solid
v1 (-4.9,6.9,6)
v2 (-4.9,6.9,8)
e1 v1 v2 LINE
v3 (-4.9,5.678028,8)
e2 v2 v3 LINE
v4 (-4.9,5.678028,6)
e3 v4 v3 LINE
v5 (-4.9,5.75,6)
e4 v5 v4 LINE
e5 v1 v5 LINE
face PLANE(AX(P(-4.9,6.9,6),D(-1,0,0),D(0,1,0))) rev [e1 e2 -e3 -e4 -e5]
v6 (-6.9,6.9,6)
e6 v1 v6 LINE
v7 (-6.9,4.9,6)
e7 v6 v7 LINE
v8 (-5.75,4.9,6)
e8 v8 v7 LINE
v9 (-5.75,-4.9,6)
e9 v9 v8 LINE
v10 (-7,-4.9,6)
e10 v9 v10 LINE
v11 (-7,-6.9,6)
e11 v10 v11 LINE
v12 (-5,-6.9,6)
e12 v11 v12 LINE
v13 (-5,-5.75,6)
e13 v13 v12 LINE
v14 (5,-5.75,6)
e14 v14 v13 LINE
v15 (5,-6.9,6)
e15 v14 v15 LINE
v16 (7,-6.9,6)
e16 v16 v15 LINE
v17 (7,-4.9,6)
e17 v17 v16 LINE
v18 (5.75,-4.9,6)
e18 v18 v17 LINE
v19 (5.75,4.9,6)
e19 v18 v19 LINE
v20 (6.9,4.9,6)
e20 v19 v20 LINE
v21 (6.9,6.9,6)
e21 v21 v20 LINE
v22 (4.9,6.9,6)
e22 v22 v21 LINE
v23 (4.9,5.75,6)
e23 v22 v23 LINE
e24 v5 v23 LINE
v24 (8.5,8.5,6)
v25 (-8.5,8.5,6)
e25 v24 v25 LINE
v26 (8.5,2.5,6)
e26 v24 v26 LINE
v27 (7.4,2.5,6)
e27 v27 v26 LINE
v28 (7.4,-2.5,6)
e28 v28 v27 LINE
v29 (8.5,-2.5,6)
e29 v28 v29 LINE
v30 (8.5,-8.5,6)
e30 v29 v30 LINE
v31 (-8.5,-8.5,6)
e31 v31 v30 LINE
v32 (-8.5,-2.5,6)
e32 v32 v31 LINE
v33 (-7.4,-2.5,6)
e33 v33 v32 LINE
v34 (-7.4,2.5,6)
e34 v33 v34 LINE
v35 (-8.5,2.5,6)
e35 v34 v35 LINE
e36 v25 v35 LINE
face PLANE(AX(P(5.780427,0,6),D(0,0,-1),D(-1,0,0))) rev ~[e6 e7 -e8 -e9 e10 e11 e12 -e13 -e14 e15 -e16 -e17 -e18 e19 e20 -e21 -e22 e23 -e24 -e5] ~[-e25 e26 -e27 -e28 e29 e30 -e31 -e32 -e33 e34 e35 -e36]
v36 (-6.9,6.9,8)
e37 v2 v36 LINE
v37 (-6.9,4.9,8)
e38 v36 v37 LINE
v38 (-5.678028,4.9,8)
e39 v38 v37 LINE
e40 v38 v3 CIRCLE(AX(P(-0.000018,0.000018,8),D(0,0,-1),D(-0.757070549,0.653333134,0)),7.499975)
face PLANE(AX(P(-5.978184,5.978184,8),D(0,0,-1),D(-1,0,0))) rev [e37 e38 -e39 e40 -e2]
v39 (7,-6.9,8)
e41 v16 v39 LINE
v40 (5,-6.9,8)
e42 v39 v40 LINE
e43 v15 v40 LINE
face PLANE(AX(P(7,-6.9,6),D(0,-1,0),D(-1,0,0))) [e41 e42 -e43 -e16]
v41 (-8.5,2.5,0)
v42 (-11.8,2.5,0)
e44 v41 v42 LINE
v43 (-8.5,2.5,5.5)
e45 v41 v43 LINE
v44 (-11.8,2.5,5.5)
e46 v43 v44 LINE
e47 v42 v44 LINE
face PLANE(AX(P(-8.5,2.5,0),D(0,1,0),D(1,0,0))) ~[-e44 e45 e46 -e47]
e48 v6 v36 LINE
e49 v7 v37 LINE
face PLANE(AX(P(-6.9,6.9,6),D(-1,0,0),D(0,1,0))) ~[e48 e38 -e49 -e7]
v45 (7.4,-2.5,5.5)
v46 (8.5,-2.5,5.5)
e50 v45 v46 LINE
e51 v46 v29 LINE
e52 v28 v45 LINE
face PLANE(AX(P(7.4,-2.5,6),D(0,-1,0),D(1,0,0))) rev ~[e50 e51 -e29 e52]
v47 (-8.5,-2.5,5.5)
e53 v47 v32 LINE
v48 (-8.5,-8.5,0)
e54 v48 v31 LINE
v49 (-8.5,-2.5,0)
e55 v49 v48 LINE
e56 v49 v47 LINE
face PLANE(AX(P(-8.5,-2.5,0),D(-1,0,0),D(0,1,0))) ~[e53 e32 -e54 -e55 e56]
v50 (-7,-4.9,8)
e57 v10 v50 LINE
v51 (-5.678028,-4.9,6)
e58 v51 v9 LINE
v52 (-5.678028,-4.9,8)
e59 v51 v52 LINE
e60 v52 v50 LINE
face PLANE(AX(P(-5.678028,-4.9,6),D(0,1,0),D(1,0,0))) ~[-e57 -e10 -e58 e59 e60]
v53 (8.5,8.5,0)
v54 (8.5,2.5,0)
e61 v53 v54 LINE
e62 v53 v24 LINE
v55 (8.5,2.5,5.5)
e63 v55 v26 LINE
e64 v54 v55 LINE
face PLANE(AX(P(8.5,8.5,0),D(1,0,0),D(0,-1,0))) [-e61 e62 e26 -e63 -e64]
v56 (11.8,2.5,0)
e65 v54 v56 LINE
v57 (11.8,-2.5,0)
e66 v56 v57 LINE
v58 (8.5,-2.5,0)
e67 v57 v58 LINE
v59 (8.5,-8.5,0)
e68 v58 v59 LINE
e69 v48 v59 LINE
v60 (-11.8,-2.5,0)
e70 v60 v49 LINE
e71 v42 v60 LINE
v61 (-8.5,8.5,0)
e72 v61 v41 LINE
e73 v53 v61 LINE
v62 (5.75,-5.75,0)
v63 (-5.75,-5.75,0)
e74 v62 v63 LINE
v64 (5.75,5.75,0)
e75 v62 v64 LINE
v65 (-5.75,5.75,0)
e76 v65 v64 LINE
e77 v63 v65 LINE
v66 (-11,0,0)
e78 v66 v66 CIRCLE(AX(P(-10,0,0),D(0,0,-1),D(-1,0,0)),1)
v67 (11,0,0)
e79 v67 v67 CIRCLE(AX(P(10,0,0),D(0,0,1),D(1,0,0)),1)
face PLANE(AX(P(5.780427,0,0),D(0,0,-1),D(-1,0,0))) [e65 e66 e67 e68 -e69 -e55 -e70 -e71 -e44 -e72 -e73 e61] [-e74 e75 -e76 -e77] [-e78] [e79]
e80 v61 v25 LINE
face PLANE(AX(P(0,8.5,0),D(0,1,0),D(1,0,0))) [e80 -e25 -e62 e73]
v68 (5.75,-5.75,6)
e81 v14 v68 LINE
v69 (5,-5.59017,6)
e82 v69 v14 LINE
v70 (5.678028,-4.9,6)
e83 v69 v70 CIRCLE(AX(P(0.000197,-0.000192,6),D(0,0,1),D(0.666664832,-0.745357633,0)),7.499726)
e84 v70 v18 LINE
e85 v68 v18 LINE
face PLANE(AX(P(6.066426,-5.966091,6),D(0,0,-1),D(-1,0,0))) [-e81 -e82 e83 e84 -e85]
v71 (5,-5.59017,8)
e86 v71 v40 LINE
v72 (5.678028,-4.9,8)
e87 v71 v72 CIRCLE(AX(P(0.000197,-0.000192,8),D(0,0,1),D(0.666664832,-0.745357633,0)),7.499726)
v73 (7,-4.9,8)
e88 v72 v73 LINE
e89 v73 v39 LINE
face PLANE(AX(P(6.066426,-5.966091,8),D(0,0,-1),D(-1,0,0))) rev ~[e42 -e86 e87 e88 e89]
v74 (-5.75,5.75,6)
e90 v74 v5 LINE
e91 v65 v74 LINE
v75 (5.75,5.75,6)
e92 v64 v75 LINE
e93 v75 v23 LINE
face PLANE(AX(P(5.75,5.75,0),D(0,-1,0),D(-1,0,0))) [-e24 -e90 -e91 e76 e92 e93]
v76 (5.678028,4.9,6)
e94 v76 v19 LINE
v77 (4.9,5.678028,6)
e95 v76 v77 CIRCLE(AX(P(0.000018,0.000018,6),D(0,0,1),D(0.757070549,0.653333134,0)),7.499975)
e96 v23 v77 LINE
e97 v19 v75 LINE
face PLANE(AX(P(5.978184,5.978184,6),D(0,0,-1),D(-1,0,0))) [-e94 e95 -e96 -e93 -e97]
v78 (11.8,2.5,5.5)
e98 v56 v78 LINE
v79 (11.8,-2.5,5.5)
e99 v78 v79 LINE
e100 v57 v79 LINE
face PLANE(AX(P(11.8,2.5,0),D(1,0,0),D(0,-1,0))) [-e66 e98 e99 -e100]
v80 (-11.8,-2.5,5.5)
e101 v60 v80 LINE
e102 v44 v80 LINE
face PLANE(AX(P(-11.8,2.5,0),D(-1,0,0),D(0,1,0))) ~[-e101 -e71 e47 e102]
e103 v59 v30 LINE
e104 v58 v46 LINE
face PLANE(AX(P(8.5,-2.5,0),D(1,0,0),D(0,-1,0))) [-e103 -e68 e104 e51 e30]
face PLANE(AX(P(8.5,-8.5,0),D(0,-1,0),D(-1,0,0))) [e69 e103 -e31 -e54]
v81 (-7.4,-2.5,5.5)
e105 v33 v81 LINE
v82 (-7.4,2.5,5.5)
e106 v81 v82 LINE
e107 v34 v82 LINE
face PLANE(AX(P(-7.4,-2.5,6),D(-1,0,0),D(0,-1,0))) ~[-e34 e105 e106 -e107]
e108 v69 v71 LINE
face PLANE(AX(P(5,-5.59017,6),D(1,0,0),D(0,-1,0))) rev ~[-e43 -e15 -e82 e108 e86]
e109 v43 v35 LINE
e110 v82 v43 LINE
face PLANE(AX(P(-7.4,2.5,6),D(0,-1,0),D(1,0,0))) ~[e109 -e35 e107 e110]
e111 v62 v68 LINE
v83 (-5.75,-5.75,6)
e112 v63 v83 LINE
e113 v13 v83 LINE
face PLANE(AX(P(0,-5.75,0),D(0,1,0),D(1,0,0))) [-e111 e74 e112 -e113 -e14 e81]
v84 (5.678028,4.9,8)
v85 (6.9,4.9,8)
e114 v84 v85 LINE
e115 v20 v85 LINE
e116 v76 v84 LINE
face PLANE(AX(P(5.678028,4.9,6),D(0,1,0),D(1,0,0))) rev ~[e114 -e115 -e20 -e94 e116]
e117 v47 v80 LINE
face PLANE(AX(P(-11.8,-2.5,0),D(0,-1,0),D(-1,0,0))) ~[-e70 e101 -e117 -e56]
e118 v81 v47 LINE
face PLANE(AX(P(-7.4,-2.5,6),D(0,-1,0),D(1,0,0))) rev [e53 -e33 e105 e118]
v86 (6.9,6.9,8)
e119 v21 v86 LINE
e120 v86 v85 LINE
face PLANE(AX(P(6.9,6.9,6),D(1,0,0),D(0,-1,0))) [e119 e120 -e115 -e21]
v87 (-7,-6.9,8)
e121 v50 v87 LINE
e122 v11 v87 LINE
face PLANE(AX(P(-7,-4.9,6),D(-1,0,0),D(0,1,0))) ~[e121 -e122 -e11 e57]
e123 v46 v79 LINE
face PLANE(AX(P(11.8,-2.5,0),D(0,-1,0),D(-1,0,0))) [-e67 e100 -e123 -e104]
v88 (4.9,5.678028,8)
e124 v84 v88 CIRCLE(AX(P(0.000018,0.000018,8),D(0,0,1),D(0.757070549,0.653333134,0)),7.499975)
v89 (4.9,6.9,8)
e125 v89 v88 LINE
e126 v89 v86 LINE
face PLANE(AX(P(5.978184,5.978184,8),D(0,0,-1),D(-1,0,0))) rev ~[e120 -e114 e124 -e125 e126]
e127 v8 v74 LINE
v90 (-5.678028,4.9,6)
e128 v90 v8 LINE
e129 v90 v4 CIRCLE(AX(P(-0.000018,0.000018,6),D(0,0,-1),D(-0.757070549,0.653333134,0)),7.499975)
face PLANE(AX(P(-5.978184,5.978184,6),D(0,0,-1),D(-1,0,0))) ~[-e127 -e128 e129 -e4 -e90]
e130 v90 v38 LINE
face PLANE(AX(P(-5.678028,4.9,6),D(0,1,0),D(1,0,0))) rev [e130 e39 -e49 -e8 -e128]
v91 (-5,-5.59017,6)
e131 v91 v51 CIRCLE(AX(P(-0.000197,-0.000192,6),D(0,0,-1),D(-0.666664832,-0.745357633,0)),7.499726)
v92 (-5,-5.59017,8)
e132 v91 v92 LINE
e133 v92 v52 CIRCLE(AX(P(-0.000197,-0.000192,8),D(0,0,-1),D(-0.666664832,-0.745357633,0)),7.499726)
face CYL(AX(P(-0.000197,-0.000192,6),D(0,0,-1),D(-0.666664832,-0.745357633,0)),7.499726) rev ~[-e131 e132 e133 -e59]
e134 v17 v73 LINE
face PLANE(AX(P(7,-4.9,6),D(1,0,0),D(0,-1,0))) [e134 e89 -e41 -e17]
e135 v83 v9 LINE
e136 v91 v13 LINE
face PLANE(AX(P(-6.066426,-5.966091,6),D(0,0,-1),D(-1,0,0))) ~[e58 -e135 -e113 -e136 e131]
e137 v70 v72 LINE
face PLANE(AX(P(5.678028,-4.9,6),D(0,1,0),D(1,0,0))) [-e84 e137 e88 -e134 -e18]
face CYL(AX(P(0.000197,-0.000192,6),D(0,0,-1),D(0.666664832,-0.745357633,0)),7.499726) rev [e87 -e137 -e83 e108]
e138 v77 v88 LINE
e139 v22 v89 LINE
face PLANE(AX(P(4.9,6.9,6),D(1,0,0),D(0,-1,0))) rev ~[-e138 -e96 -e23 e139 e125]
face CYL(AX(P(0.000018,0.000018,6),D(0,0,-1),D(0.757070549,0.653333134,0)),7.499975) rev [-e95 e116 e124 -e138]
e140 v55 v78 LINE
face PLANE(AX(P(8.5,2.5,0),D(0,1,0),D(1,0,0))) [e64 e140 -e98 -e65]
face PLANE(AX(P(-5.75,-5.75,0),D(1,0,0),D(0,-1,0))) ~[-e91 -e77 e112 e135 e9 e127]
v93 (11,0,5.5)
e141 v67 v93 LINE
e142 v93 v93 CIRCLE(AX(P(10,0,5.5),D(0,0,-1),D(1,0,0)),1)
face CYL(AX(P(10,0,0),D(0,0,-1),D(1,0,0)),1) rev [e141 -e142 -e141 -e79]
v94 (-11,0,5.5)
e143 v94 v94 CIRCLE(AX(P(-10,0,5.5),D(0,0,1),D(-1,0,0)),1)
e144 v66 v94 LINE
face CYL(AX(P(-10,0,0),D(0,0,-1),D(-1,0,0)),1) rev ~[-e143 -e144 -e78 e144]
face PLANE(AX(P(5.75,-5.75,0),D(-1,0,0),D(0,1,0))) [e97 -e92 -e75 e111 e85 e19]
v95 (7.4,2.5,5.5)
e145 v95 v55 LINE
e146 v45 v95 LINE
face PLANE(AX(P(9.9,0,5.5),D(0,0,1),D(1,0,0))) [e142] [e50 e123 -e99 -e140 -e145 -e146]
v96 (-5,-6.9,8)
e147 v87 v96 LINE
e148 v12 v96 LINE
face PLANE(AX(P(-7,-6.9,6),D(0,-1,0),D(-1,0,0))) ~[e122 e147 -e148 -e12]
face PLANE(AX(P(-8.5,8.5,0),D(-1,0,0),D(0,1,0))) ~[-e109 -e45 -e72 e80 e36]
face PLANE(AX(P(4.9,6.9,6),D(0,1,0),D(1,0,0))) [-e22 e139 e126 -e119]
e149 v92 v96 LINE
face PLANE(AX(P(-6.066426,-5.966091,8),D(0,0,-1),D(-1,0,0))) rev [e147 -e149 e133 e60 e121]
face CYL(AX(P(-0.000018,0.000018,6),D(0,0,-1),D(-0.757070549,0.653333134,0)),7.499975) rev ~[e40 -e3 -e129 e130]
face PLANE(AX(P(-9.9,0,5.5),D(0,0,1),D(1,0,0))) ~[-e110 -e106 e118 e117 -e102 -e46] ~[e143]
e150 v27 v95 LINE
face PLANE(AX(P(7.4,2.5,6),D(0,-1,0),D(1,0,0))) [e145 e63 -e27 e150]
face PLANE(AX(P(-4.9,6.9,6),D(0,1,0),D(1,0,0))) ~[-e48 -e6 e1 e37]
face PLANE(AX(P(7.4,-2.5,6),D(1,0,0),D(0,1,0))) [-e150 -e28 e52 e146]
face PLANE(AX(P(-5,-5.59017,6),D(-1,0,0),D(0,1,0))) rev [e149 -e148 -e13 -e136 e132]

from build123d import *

# Parameters (mm, degrees)
SKETCH002_R  = 1
PAD002_DEPTH = 30
PAD_DEPTH    = 6
PAD001_DEPTH = 2
SKETCH003_W  = 5
SKETCH003_H  = 5
POCKET_DEPTH = 0.5


with BuildPart() as screw_hole:
    # Sketch002 → Pad002 (new body)
    with BuildSketch(Plane.XY):
        with Locations((10, 0)):
            Circle(SKETCH002_R)
    extrude(amount=PAD002_DEPTH)


with BuildPart() as pocket:
    # Sketch → Pad (new body)
    with BuildSketch(Plane.XY):
        Polygon((0, 8.5), (8.5, 8.5), (8.5, 2.5), (11.8, 2.5), (11.8, -2.5), (8.5, -2.5), (8.5, -8.5), (0, -8.5), (0, -5.75), (5.75, -5.75), (5.75, 5.75), (0, 5.75), align=None)
    extrude(amount=PAD_DEPTH)

    # Sketch001 → Pad001 (new body)
    with BuildSketch(Plane.XY.offset(6)):
        with BuildLine():
            Line((4.9, 6.9), (6.9, 6.9))
            Line((6.9, 6.9), (6.9, 4.9))
            Line((5.678028, 4.9), (6.9, 4.9))
            ThreePointArc((5.678028, 4.9), (5.303301, 5.303301), (4.9, 5.678028))
            Line((4.9, 6.9), (4.9, 5.678028))
        make_face()
        with BuildLine():
            Line((7, -4.9), (7, -6.9))
            Line((7, -6.9), (5, -6.9))
            Line((5, -5.59017), (5, -6.9))
            ThreePointArc((5, -5.59017), (5.350155, -5.25603), (5.678028, -4.9))
            Line((5.678028, -4.9), (7, -4.9))
        make_face()
    extrude(amount=PAD001_DEPTH)

    # Cut: cut Screw Hole
    add(screw_hole.part, mode=Mode.SUBTRACT)

    # Sketch003 → Pocket (cut)
    with BuildSketch(Plane.XY.offset(6)):
        with Locations((9.9, 0)):
            Rectangle(SKETCH003_W, SKETCH003_H)
    extrude(amount=-POCKET_DEPTH, mode=Mode.SUBTRACT)


with BuildPart() as fusion:
    # Part__Mirroring: instance of Pocket
    add(pocket.part.mirror(Plane(origin=(0, 0, 0), x_dir=(0, -1, 0), z_dir=(1, 0, 0))))

    # Fusion: union Pocket
    add(pocket.part)


solid = fusion.part
